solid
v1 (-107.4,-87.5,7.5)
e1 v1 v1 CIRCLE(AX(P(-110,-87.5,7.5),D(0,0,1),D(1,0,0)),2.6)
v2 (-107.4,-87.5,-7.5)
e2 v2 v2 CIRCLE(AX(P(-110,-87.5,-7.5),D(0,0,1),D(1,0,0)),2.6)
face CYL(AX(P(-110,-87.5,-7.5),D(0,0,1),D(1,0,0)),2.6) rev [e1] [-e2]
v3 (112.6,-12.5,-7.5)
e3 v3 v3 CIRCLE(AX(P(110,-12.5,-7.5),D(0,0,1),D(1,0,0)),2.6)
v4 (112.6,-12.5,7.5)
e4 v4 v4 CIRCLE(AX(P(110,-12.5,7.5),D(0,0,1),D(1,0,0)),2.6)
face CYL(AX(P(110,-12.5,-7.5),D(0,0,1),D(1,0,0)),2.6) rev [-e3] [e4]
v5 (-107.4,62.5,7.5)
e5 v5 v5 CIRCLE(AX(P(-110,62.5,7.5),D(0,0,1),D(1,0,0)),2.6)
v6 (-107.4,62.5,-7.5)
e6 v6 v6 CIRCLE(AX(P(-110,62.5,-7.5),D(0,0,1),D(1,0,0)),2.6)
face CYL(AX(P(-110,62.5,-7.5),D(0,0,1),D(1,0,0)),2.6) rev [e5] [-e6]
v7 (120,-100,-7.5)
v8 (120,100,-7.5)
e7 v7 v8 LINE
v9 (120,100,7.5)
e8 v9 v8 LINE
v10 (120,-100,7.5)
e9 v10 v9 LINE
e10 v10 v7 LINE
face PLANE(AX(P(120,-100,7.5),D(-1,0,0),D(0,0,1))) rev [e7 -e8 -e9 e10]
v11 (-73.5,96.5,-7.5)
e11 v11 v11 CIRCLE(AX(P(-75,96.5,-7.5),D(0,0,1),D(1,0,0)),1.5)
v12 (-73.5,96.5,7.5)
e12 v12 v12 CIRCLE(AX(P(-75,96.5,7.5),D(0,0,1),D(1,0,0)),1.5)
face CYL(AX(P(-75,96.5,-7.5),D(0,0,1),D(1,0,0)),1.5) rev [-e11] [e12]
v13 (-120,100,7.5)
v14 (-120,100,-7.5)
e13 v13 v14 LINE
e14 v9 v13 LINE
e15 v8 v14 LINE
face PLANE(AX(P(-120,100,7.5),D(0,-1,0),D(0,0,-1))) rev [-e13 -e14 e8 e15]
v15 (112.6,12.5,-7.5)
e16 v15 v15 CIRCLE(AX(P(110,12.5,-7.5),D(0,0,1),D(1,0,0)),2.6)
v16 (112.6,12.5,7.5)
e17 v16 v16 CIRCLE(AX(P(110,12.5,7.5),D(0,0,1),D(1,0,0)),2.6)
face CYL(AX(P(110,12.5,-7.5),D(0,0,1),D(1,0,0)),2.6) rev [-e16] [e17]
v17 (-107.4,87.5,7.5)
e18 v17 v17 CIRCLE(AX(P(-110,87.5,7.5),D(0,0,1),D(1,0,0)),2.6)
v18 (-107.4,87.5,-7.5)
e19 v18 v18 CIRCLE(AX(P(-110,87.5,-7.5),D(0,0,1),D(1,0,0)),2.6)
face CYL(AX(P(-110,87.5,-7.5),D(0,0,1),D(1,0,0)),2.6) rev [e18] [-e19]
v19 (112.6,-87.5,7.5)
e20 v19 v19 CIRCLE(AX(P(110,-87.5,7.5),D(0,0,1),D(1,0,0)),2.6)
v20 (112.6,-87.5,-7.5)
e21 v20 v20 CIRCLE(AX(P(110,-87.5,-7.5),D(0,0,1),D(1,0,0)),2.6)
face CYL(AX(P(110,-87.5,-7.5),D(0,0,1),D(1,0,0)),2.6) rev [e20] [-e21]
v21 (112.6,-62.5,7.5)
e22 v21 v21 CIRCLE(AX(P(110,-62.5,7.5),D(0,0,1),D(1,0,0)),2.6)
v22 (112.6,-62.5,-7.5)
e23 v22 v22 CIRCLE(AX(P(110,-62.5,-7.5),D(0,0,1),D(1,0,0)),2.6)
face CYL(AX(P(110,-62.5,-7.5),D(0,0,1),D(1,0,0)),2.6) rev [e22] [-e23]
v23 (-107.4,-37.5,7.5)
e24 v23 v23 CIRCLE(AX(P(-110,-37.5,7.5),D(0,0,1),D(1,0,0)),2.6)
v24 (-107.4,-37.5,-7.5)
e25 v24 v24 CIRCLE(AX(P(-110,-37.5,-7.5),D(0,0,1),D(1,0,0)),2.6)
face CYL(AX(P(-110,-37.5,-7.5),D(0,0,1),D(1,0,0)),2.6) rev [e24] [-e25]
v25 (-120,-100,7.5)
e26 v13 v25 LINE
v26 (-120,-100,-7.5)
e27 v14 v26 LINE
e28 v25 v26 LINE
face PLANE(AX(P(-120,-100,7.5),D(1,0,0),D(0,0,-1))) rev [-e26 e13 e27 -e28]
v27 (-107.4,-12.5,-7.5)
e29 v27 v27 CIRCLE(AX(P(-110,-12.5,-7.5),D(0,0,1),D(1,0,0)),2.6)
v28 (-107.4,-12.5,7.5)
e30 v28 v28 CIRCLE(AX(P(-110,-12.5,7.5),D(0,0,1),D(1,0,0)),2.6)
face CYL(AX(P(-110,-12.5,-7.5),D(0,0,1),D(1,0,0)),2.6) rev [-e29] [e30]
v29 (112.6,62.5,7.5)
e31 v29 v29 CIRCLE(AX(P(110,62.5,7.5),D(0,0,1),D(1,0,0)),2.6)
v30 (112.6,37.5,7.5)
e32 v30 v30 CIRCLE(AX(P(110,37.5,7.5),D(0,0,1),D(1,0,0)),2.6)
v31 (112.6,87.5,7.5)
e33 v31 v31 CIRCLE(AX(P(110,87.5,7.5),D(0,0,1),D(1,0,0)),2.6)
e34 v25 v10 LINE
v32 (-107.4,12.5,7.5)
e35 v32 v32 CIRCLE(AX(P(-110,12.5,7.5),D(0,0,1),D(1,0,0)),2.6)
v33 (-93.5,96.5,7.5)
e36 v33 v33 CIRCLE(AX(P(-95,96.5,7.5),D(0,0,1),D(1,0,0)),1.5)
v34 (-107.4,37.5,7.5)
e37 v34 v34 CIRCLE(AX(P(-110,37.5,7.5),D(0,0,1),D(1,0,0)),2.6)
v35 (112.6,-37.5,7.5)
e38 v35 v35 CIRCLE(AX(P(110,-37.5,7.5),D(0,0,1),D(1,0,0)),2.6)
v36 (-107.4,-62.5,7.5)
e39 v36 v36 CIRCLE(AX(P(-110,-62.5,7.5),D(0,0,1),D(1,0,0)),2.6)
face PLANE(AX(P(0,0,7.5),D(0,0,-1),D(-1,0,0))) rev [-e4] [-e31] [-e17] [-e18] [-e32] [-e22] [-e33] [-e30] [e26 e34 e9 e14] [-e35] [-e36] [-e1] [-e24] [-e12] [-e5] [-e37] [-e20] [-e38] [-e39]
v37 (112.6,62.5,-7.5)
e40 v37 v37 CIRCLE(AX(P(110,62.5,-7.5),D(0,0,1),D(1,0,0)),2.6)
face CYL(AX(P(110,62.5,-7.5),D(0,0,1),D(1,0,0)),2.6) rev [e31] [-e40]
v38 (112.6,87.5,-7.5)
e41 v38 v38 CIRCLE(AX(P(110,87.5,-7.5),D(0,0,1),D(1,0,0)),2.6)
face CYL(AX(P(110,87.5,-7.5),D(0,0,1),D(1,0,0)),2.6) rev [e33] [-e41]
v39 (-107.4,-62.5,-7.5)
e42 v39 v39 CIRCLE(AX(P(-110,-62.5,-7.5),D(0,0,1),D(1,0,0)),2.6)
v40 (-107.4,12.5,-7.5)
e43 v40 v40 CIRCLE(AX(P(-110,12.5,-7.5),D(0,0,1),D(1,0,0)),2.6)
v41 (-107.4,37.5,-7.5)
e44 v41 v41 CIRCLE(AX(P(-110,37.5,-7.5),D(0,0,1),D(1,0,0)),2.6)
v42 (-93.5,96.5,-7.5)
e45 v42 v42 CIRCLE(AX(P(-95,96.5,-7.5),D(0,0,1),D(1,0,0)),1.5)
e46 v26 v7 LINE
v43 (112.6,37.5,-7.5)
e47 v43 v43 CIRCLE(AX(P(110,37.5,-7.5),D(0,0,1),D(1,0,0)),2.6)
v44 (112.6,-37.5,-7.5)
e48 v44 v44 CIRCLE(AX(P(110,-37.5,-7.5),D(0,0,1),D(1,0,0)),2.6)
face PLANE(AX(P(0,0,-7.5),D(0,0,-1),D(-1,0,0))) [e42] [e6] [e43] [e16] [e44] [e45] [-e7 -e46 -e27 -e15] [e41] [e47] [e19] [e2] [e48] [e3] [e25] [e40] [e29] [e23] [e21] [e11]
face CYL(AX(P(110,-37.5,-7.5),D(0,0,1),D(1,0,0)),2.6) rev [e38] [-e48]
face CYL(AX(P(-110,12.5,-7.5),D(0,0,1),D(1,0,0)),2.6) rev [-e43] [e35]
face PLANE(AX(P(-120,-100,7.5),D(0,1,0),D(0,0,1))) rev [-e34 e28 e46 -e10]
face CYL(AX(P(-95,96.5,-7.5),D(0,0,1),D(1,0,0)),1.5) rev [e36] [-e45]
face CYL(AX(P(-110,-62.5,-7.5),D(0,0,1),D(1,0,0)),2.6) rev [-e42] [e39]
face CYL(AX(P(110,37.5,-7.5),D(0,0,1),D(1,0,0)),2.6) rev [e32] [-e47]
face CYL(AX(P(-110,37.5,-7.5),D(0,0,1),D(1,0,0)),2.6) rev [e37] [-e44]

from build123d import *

# Parameters (mm, degrees)
SKETCH1_W           = 240
SKETCH1_H           = 200
BOSS_EXTRUDE1_DEPTH = 7.5
SKETCH4_R           = 2.6
CUT_EXTRUDE3_DEPTH  = 16
LPATTERN1_COUNT     = 8
LPATTERN1_PITCH     = 25
SKETCH5_R           = 1.5
CUT_EXTRUDE4_DEPTH  = 16


with BuildPart() as part:
    # Sketch1 → Boss-Extrude1 (new body, symmetric)
    with BuildSketch(Plane.XY):
        Rectangle(SKETCH1_W, SKETCH1_H)
    extrude(amount=BOSS_EXTRUDE1_DEPTH, both=True)

    # Sketch4 → Cut-Extrude3 (cut, through all)
    with BuildSketch(Plane.XY.offset(7.5)):
        with Locations((-110, 87.5)):
            Circle(SKETCH4_R)
        with Locations((110, 87.5)):
            Circle(SKETCH4_R)
    cut_extrude3 = extrude(amount=-CUT_EXTRUDE3_DEPTH, mode=Mode.SUBTRACT)

    # LPattern1: Cut-Extrude3 ×8
    with Locations(*[(0, -i * LPATTERN1_PITCH, 0) for i in range(1, LPATTERN1_COUNT)]):
        add(cut_extrude3, mode=Mode.SUBTRACT)

    # Sketch5 → Cut-Extrude4 (cut, through all)
    with BuildSketch(Plane.XY.offset(7.5)):
        with Locations((-95, 96.5)):
            Circle(SKETCH5_R)
        with Locations((-75, 96.5)):
            Circle(SKETCH5_R)
    extrude(amount=-CUT_EXTRUDE4_DEPTH, mode=Mode.SUBTRACT)


solid = part.part
